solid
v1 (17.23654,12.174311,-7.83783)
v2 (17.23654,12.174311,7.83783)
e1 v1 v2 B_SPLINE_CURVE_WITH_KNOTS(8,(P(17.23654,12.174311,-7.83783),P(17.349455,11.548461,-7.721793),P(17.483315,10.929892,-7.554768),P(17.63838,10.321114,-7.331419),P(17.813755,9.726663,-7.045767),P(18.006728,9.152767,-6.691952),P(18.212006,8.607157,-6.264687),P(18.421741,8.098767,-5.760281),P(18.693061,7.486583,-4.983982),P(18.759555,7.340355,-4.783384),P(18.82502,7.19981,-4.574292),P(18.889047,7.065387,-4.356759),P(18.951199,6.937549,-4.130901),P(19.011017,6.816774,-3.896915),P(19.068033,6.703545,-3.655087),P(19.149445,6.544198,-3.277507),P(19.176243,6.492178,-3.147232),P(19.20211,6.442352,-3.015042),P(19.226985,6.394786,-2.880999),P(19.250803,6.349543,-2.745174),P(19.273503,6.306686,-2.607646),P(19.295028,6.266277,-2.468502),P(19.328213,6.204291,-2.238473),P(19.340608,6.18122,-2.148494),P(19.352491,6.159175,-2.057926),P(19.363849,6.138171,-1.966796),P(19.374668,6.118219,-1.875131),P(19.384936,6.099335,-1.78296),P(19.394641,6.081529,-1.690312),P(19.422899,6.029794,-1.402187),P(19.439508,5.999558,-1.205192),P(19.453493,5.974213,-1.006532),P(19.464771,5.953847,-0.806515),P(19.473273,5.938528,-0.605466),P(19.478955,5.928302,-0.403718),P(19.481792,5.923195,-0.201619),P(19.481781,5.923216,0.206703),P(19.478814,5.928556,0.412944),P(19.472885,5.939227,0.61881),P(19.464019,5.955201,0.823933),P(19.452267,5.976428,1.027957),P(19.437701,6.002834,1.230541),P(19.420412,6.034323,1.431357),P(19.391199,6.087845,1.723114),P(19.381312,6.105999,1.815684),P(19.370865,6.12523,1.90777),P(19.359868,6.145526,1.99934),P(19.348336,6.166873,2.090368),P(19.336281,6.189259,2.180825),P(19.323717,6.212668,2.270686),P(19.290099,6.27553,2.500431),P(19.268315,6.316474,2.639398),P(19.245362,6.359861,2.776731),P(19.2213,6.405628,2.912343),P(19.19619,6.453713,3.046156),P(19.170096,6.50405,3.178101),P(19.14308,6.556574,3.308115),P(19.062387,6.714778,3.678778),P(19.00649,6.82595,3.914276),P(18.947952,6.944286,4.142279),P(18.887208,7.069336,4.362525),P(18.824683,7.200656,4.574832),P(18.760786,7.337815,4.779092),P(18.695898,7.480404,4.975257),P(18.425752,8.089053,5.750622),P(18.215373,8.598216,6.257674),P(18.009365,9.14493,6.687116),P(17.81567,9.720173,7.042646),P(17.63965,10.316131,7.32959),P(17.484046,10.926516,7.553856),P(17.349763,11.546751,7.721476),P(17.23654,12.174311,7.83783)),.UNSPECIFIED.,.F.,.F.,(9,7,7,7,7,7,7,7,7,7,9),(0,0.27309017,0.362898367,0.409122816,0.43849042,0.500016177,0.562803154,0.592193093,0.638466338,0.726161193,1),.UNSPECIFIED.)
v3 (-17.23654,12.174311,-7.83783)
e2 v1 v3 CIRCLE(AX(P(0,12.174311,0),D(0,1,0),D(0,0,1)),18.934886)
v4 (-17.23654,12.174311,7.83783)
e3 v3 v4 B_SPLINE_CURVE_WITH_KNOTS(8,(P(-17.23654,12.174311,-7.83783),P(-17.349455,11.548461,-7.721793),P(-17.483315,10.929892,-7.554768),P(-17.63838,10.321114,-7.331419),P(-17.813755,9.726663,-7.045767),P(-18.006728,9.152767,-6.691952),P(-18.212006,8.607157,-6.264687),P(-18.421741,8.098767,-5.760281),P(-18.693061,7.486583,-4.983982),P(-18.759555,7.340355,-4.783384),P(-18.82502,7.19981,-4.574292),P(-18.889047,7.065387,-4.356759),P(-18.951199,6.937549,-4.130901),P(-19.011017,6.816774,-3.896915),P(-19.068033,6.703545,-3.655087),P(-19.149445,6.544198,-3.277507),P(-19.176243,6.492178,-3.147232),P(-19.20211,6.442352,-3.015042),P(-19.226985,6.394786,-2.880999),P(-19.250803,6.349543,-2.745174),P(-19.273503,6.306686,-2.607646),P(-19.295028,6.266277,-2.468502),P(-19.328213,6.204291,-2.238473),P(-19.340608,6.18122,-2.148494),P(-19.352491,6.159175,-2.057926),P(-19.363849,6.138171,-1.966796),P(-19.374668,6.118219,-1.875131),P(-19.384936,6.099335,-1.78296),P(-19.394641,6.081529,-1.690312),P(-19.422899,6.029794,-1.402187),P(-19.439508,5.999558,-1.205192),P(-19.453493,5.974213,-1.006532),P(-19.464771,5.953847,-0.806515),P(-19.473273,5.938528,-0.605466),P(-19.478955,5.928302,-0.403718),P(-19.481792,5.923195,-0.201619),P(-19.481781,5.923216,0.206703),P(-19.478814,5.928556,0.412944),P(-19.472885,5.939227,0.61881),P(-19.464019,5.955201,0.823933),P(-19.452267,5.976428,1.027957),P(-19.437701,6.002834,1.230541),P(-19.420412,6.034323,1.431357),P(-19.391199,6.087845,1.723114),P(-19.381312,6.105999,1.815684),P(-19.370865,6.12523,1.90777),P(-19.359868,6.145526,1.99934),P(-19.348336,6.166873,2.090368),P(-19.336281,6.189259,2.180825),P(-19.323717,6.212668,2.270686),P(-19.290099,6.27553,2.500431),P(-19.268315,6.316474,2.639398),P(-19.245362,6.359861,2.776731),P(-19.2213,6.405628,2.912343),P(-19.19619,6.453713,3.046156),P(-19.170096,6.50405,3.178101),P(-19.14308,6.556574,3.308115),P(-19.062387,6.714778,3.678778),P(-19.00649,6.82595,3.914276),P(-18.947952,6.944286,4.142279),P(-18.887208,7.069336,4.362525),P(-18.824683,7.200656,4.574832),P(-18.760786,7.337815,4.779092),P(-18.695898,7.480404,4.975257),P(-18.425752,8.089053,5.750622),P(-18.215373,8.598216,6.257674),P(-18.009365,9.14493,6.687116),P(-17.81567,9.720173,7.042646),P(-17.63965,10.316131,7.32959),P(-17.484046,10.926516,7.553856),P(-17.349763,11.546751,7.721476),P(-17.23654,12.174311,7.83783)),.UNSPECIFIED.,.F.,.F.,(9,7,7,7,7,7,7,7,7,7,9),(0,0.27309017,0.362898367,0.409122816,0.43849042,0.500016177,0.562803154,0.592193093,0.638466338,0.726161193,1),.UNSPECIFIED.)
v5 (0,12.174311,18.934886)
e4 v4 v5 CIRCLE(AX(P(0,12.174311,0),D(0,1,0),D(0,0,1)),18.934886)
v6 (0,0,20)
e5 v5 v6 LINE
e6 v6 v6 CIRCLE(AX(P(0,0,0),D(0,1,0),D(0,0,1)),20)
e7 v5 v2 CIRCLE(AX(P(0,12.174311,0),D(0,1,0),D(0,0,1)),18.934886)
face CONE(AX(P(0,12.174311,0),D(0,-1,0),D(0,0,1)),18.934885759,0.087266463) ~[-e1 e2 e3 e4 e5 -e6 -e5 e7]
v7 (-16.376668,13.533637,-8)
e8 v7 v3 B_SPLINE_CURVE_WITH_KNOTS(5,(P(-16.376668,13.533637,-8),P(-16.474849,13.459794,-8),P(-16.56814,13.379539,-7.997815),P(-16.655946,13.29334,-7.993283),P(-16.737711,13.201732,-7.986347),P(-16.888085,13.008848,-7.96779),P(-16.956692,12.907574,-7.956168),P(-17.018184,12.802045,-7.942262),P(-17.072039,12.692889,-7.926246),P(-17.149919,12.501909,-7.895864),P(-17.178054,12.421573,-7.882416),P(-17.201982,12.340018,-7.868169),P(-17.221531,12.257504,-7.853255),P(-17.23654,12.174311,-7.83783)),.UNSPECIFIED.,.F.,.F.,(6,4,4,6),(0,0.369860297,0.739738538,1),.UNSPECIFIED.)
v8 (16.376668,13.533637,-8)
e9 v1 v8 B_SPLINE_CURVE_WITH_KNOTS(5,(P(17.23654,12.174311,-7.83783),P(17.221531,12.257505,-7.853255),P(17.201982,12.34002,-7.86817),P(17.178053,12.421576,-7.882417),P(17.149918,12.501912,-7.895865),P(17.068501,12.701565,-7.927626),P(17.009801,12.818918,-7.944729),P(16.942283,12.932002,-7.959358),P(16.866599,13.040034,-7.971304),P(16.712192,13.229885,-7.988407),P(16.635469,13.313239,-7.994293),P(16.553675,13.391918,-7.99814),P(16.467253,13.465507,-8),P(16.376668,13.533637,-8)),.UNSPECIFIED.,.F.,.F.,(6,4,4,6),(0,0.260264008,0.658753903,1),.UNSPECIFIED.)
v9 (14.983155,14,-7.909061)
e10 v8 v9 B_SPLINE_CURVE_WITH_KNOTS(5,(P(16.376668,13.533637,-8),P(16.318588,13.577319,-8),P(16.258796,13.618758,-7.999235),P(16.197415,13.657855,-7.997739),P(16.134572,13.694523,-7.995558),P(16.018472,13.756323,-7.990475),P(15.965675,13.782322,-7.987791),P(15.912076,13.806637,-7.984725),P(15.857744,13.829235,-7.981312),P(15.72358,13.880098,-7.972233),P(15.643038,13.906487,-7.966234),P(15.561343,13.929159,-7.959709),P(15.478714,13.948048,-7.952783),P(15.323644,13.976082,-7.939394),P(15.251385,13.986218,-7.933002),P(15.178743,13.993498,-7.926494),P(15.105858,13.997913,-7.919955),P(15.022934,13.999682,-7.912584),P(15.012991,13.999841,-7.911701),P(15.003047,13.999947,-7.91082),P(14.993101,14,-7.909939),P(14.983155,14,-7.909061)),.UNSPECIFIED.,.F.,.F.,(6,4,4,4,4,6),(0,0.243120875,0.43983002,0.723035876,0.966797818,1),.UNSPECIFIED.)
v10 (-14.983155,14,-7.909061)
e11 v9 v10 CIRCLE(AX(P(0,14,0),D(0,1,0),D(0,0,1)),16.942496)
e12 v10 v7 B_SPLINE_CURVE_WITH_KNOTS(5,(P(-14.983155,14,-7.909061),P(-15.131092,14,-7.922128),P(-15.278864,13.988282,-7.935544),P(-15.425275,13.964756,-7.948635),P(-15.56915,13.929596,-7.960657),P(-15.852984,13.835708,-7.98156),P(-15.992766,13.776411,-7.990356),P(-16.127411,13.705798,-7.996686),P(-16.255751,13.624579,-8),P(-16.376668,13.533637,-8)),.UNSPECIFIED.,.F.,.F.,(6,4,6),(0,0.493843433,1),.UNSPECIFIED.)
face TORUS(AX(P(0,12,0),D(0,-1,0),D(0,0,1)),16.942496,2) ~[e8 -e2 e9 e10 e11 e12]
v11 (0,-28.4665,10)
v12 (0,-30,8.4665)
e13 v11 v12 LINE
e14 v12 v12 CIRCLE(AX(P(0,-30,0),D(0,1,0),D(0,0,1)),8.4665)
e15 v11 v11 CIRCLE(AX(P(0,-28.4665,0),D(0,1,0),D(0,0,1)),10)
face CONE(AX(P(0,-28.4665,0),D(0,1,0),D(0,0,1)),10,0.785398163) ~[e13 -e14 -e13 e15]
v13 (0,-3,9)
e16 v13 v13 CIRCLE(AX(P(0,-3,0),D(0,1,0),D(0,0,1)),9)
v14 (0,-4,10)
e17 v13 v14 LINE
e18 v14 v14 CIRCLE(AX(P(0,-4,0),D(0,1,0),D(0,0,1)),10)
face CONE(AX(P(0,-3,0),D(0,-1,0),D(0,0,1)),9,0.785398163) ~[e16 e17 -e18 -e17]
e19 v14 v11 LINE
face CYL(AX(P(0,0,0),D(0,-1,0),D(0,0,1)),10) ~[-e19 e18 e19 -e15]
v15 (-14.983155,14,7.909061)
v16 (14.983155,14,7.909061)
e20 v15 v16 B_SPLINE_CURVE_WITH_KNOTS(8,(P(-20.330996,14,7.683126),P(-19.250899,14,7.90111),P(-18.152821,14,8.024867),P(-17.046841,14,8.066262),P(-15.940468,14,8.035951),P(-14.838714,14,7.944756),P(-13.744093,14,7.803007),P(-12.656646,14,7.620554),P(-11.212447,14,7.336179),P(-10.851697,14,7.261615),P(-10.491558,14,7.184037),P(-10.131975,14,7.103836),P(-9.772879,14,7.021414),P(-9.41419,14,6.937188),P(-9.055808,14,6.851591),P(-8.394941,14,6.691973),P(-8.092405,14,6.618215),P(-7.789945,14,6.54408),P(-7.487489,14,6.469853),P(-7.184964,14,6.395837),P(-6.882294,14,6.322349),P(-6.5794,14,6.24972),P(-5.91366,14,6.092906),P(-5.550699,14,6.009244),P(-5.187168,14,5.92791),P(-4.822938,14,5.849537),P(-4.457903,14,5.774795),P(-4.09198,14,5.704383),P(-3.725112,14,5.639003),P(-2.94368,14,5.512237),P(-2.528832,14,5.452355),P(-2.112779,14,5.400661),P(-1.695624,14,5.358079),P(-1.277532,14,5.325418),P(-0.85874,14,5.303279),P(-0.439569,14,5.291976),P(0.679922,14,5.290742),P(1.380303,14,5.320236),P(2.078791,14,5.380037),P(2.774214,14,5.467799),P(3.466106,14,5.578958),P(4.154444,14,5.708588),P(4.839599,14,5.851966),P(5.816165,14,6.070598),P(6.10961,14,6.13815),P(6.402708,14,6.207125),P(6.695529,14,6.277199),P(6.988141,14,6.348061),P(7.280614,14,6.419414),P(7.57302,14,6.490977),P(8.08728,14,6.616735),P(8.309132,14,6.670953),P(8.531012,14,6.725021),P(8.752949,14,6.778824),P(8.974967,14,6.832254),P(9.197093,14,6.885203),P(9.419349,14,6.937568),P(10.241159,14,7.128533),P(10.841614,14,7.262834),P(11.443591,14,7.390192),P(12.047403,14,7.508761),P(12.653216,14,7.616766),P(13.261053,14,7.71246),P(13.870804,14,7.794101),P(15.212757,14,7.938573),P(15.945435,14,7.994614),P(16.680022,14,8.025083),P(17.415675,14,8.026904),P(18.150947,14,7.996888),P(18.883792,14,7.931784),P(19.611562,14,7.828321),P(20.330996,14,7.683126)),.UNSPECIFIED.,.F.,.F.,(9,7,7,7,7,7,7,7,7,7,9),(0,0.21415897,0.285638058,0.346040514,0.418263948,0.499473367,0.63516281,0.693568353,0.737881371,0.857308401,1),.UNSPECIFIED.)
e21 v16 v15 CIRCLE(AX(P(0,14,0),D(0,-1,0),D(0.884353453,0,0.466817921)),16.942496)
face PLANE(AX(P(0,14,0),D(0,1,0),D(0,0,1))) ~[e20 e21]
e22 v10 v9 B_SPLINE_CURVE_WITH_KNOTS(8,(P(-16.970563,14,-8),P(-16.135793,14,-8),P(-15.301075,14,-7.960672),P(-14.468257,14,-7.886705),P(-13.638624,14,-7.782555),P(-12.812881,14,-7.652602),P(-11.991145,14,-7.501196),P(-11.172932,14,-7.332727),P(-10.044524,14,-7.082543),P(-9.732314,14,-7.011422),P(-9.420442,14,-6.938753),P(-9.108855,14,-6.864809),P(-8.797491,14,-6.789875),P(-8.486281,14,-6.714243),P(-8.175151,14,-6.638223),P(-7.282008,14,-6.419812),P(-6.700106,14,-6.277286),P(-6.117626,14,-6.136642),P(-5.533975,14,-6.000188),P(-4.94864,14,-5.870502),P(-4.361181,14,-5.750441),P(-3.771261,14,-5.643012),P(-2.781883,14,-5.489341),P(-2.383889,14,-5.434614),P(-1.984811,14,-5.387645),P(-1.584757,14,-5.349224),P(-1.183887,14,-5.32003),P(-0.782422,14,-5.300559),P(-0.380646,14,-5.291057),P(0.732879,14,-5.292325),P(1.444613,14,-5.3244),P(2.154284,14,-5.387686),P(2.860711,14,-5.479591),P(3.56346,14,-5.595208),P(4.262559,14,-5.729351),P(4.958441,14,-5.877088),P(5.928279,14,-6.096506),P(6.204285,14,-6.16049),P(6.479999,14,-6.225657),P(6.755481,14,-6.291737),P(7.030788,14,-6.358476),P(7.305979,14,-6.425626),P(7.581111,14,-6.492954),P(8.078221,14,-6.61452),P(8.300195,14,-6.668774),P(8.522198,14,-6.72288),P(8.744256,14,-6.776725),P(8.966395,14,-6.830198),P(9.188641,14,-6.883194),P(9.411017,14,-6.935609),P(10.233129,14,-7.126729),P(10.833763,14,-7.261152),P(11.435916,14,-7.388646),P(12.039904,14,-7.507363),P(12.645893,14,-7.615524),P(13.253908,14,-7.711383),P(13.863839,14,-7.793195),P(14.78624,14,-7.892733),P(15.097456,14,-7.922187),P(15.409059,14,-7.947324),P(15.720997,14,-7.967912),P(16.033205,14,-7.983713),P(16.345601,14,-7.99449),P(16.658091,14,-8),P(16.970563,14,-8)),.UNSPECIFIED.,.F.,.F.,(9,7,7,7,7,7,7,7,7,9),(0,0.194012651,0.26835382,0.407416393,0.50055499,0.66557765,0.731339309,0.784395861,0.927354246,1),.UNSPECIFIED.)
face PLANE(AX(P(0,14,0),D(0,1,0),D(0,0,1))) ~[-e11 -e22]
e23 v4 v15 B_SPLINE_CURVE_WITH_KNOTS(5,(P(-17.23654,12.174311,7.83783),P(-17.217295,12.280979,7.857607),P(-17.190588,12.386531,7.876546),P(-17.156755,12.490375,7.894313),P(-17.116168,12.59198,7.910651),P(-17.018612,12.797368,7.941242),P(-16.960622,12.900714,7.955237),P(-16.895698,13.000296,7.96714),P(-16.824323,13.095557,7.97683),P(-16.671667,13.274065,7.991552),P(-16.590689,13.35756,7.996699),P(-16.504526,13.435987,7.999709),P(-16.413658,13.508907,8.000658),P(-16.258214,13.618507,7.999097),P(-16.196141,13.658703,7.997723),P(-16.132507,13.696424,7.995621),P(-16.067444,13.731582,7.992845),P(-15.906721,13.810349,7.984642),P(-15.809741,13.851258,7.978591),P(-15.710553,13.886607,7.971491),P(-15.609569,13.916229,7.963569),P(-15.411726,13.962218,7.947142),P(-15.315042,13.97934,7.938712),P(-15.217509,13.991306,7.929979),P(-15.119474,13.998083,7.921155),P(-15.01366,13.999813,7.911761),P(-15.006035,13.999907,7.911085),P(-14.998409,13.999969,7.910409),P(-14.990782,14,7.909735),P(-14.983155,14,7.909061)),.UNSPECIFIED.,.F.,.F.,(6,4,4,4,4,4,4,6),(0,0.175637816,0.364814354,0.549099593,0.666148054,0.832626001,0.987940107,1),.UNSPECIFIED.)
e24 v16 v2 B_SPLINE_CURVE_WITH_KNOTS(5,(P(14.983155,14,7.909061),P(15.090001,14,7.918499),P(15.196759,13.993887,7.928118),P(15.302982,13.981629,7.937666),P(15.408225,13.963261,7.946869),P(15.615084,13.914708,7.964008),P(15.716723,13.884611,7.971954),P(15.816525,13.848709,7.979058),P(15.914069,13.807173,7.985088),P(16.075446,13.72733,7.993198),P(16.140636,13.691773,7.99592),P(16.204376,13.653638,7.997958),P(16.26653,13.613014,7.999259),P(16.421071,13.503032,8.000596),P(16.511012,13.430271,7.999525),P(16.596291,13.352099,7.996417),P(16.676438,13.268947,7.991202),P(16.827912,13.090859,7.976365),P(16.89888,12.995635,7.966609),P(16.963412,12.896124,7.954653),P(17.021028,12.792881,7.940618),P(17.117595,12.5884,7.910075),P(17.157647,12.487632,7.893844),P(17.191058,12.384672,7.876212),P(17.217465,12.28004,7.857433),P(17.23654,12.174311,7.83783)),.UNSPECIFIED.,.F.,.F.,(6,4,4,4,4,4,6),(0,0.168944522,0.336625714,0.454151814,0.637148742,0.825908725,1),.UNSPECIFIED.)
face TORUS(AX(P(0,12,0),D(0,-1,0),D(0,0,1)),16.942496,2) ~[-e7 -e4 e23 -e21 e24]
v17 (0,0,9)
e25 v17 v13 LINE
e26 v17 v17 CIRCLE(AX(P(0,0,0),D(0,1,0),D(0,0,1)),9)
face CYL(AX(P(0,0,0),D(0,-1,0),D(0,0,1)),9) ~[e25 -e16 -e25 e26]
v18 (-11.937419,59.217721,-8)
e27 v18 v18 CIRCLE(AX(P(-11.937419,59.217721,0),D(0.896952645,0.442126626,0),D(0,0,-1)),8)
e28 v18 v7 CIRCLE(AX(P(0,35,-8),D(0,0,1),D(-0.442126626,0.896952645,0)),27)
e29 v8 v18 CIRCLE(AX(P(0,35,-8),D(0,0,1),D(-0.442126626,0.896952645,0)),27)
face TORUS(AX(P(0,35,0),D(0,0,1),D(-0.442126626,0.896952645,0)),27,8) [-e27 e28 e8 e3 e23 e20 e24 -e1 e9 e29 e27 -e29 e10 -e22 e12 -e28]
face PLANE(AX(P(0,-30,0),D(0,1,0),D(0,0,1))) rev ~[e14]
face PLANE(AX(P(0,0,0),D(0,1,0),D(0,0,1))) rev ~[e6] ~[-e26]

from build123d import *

# Parameters (mm, degrees)
SZKIC1_R = 8


with BuildPart() as part:
    # Szkic2 → Obrót1 (revolve)
    with BuildSketch(Plane.XY, mode=Mode.PRIVATE) as obr_t1_sk:
        with BuildLine():
            Line((0, 14), (16.942496363, 14))
            ThreePointArc((16.942496363, 14), (18.293676778, 13.474554674), (18.934885759, 12.174311485))
            Line((18.934885759, 12.174311485), (20, 0))
            Line((20, 0), (0, 0))
            Line((0, 0), (0, 14))
        make_face()
    revolve(obr_t1_sk.sketch.rotate(Axis((0, 0, 0), (0, 1, 0)), 270), axis=Axis((0, 0, 0), (0, 1, 0)))

    # Szkic1 → Obrót2 (revolve)
    with BuildSketch(Plane(origin=(0, 0, 0), x_dir=(0, 0, -1), z_dir=(1, 0, 0)), mode=Mode.PRIVATE) as obr_t2_sk:
        with Locations((0, 62)):
            Circle(SZKIC1_R)
    revolve(obr_t2_sk.sketch.rotate(Axis((0, 35, -8), (0, 0, 1)), 26.239647144), axis=Axis((0, 35, -8), (0, 0, 1)))

    # Szkic3 → Obrót3 (revolve)
    with BuildSketch(Plane.XY, mode=Mode.PRIVATE) as obr_t3_sk:
        Polygon((0, 0), (10, 0), (10, -28.4665), (8.4665, -30), (0, -30), align=None)
    revolve(obr_t3_sk.sketch.rotate(Axis((0, -30, 0), (0, 1, 0)), 270), axis=Axis((0, -30, 0), (0, 1, 0)))

    # Szkic4 → Wycięcie-obrót1 (revolve, cut)
    with BuildSketch(Plane.XY, mode=Mode.PRIVATE) as wyci_cie_obr_t1_sk:
        Polygon((9, 0), (9, -3), (10, -4), (10, 0), align=None)
    revolve(wyci_cie_obr_t1_sk.sketch.rotate(Axis((0, -30, 0), (0, 1, 0)), 270), axis=Axis((0, -30, 0), (0, 1, 0)), mode=Mode.SUBTRACT)


solid = part.part
